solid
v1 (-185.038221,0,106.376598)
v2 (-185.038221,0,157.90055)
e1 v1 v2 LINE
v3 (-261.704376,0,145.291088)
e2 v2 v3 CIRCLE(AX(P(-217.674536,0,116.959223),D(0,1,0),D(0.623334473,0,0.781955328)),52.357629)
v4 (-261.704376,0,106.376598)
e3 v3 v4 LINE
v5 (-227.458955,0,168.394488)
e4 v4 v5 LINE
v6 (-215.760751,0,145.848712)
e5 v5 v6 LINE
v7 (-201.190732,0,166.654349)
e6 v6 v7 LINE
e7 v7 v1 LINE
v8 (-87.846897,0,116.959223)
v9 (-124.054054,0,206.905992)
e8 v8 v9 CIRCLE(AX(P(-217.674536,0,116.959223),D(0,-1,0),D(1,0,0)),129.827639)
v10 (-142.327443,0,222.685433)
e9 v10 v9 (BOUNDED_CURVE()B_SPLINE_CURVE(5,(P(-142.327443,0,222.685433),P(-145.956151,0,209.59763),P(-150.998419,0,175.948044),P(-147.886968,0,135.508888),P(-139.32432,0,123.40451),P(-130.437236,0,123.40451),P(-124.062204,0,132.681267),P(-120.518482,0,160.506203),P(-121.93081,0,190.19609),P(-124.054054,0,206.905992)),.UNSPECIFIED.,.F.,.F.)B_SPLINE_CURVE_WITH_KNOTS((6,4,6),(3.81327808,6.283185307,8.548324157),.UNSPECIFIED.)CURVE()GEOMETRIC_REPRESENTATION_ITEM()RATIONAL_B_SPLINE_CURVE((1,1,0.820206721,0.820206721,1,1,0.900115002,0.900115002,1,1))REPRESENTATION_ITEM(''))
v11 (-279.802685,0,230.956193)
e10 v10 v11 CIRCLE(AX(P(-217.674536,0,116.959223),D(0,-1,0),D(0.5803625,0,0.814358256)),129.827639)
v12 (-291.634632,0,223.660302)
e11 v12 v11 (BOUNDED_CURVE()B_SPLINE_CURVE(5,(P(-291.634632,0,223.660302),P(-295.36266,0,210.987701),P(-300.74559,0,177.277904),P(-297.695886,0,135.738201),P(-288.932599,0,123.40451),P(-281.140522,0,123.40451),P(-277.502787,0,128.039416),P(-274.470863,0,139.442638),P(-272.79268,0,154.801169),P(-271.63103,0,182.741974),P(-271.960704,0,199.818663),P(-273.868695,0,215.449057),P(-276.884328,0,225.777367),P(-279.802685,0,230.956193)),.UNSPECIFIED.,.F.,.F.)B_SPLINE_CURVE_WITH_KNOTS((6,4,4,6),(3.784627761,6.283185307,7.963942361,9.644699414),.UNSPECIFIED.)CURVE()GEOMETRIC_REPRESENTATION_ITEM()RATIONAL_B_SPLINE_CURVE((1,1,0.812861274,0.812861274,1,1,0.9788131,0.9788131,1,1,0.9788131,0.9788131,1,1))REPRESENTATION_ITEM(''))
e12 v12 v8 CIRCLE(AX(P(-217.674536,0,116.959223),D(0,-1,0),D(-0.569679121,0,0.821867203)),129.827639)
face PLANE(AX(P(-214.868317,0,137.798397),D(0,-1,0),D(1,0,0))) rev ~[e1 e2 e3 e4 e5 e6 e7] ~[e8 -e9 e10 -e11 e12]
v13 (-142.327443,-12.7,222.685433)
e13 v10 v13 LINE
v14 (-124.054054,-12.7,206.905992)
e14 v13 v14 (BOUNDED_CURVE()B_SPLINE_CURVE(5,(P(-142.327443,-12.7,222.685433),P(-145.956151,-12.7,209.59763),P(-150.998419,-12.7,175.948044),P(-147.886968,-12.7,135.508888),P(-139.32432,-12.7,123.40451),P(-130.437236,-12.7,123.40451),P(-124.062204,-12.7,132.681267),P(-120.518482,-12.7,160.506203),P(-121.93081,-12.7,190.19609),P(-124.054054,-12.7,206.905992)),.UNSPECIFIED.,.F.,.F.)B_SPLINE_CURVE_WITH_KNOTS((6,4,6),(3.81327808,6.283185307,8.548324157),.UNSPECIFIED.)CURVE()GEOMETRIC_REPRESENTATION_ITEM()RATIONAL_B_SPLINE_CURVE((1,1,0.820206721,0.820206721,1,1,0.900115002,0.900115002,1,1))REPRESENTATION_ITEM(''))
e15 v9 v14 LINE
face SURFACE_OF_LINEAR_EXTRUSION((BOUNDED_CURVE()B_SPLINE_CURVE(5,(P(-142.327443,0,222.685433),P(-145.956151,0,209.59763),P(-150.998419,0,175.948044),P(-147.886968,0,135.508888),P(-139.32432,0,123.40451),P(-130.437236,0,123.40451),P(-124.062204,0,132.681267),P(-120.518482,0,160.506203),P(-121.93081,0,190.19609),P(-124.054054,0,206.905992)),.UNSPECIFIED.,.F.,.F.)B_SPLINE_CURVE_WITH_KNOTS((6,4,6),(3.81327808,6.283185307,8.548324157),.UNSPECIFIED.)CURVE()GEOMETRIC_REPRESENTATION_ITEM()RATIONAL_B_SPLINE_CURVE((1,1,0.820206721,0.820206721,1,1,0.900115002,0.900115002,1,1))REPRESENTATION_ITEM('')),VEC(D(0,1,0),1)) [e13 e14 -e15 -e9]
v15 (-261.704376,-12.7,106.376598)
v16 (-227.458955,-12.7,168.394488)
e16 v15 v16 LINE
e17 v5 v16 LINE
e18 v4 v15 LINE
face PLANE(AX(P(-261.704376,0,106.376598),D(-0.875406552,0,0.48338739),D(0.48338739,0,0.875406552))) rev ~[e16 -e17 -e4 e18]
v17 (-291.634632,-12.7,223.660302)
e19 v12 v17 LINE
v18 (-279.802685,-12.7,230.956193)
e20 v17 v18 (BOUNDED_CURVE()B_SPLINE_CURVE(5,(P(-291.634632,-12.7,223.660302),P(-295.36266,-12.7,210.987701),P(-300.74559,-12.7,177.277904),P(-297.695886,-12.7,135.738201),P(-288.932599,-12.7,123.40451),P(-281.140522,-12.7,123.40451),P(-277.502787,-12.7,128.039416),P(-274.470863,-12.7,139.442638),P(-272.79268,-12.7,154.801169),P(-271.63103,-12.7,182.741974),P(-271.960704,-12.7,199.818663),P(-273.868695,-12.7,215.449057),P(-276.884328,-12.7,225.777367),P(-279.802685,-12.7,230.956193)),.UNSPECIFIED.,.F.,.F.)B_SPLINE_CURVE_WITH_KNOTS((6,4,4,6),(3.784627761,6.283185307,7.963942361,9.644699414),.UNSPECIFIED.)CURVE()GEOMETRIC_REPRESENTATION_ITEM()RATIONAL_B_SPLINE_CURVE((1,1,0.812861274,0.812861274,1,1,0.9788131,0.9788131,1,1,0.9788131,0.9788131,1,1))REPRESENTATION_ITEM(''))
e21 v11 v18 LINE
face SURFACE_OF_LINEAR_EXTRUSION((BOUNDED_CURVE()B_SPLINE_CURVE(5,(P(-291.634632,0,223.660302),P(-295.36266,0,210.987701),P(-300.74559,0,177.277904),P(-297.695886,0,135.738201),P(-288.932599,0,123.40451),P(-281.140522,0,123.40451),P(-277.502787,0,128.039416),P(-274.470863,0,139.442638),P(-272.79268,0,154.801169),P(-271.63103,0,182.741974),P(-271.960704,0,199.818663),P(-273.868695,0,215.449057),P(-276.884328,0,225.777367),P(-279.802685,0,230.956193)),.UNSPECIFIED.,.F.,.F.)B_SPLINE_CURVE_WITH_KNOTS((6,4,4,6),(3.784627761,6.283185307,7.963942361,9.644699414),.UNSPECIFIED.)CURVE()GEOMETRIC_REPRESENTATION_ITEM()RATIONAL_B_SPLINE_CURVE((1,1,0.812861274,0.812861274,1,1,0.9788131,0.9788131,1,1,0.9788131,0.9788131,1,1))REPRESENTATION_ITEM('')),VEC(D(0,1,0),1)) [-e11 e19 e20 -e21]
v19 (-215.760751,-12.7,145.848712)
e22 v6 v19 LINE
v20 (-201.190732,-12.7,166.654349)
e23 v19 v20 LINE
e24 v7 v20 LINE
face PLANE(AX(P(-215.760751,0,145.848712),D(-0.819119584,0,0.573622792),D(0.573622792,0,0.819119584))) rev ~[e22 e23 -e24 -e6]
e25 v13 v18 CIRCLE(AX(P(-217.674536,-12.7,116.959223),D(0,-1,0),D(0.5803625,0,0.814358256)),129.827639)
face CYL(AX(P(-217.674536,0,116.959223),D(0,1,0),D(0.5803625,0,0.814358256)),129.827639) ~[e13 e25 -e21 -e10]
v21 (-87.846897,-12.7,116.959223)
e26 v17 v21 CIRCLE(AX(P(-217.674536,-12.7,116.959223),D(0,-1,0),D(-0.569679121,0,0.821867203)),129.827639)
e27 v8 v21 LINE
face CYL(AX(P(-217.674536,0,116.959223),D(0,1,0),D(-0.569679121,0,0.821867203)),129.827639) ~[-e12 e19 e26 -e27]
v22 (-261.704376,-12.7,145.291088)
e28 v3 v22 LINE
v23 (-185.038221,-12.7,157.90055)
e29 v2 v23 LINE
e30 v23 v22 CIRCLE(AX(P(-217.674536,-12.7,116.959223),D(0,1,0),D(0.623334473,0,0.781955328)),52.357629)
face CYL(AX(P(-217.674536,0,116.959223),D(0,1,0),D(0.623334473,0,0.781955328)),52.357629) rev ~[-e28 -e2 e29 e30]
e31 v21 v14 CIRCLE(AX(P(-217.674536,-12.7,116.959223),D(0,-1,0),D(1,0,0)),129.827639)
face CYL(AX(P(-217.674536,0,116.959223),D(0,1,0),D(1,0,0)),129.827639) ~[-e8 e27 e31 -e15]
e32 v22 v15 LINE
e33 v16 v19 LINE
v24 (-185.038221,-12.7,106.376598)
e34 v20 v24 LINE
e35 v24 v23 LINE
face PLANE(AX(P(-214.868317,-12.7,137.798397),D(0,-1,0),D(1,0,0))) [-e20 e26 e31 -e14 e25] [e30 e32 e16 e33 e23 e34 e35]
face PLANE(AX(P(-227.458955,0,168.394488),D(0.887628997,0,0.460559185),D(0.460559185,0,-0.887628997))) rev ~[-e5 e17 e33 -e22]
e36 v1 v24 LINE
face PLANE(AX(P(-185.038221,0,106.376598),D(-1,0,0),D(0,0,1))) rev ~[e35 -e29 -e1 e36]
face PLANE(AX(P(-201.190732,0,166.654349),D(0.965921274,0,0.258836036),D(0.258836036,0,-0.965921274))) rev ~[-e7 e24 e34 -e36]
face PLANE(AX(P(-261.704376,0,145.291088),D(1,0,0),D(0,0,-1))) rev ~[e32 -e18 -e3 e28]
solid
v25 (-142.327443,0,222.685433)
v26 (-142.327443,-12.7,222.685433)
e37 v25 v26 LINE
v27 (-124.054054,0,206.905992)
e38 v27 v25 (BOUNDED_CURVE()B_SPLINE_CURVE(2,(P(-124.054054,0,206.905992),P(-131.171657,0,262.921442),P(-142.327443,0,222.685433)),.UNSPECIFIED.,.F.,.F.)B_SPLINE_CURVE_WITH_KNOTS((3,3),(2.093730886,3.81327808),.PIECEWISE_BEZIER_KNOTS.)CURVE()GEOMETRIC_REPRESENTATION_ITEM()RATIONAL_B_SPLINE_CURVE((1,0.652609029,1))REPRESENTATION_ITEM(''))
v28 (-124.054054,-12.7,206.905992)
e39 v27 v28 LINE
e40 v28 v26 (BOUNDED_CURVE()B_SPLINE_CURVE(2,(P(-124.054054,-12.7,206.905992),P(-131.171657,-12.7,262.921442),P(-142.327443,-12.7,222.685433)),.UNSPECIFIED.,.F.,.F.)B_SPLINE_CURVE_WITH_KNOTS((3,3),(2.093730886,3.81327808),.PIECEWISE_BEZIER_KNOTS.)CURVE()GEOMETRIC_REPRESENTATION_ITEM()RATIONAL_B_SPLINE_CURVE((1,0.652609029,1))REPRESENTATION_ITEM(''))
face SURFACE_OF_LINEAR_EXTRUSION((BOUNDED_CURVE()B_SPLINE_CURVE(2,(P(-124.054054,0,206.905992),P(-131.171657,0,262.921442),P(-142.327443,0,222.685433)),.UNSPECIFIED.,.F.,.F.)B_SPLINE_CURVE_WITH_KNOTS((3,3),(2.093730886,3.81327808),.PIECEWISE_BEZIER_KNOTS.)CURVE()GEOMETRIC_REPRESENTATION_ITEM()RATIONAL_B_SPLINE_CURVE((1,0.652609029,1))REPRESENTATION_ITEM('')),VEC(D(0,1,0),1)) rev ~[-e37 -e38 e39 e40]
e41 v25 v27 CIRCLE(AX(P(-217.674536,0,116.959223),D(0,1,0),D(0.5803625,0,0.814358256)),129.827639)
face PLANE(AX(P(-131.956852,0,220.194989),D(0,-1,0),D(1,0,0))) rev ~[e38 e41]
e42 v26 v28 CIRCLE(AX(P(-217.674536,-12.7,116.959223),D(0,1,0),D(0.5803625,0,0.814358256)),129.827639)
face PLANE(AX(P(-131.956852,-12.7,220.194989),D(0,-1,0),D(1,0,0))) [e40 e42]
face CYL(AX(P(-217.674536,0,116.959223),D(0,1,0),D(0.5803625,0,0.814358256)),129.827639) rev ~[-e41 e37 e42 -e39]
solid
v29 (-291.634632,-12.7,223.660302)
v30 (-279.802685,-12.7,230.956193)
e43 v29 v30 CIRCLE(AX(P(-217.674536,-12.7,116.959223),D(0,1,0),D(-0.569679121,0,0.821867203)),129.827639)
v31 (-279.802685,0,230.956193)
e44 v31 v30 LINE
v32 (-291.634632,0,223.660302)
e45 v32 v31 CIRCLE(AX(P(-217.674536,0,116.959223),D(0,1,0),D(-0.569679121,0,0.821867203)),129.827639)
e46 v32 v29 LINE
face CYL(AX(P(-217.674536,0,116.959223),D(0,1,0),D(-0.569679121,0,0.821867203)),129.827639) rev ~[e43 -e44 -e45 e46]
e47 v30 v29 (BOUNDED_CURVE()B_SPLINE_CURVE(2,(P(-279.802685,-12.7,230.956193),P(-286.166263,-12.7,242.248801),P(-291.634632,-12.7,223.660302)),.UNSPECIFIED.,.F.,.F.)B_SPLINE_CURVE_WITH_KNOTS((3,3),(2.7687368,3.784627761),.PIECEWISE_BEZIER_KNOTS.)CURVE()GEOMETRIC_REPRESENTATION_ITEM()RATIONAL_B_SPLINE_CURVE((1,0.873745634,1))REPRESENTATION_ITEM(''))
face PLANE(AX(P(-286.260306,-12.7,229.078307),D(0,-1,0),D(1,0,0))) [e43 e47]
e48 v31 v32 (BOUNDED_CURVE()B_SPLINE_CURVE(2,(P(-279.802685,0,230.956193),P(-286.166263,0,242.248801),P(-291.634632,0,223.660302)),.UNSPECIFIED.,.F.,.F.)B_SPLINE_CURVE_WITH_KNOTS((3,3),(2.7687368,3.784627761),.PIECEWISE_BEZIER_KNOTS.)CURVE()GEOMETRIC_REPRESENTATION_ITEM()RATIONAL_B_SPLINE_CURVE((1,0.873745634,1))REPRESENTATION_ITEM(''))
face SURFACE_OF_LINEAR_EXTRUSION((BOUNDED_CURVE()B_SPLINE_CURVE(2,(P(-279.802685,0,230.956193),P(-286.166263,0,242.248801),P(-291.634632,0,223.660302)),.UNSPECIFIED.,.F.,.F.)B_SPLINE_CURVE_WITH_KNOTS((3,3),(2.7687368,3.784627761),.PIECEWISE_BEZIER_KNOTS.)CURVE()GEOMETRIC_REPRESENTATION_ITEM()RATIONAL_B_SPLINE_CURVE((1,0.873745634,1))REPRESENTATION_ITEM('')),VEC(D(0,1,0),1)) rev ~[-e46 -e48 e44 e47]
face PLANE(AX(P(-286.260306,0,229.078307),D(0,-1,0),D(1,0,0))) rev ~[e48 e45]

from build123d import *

# Parameters (mm, degrees)
F1_DEPTH = 12.7


with BuildPart() as f1:
    # F0 (on Front) → F1 (new body)
    with BuildSketch(Plane.XZ):
        with BuildLine():
            ThreePointArc((-142.3274428777, 222.6854333904), (-132.8231477493, 215.2214126087), (-124.0540535852, 206.9059920145))
            add(Edge.make_bspline(
                [(-124.0540535852, 206.9059920145), (-131.1716571608, 262.9214417948), (-142.3274428777, 222.6854333904)],
                knots=[2.0937308858, 2.0937308858, 2.0937308858, 3.8132780796, 3.8132780796, 3.8132780796], degree=2, weights=[1, 0.6526090294, 1]))
        make_face()
    extrude(amount=F1_DEPTH)


with BuildPart() as f1b:
    # F0 (on Front) → F1, piece 2 (new body)
    with BuildSketch(Plane.XZ):
        with BuildLine():
            add(Edge.make_bspline(
                [(-279.8026851061, 230.956193016), (-286.1662633816, 242.2488007047), (-291.6346317972, 223.6603022563)],
                knots=[2.7687367995, 2.7687367995, 2.7687367995, 3.7846277613, 3.7846277613, 3.7846277613], degree=2, weights=[1, 0.8737456345, 1]))
            ThreePointArc((-291.6346317972, 223.6603022563), (-285.8163741449, 227.4667158631), (-279.8026851061, 230.956193016))
        make_face()
    extrude(amount=F1_DEPTH)


with BuildPart() as f1c:
    # F0 (on Front) → F1, piece 3 (new body)
    with BuildSketch(Plane.XZ):
        with BuildLine():
            ThreePointArc((-291.6346317972, 223.6603022563), (-277.8955929936, 1.9433971257), (-87.8468968183, 116.9592233847))
            ThreePointArc((-87.8468968183, 116.9592233847), (-97.2383659621, 165.4395786538), (-124.0540535852, 206.9059920145))
            add(Edge.make_bspline(
                [(-134.688615799, 123.4045103192), (-113.4439371438, 123.4045103192), (-124.0540535852, 206.9059920145)],
                knots=[0, 0, 0, 2.0937308858, 2.0937308858, 2.0937308858], degree=2, weights=[1, 0.5002875867, 1]))
            add(Edge.make_bspline(
                [(-142.3274428777, 222.6854333904), (-169.8539483012, 123.4045103192), (-134.688615799, 123.4045103192)],
                knots=[3.8132780796, 3.8132780796, 3.8132780796, 6.2831853072, 6.2831853072, 6.2831853072], degree=2, weights=[1, 0.3295649199, 1]))
            ThreePointArc((-142.3274428777, 222.6854333904), (-209.8779671523, 246.5525468003), (-279.8026851061, 230.956193016))
            add(Edge.make_bspline(
                [(-284.2741906643, 123.4045103192), (-274.0980093267, 123.4045103192), (-272.2118550643, 168.7715711681), (-270.3257008019, 214.138632017), (-279.8026851061, 230.956193016)],
                knots=[0, 0, 0, 1.3843683997, 1.3843683997, 2.7687367995, 2.7687367995, 2.7687367995], degree=2, weights=[1, 0.769853852, 1, 0.769853852, 1]))
            add(Edge.make_bspline(
                [(-291.6346317972, 223.6603022563), (-321.1279019301, 123.4045103192), (-284.2741906643, 123.4045103192)],
                knots=[3.7846277613, 3.7846277613, 3.7846277613, 6.2831853072, 6.2831853072, 6.2831853072], degree=2, weights=[1, 0.3160067137, 1]))
        make_face()
        with BuildLine():
            ThreePointArc((-185.0382212393, 157.9005503057), (-209.177316884, 65.2957104263), (-261.7043758333, 145.2910877038))
            Line((-261.7043758333, 145.2910877038), (-261.7043758333, 106.3765979417))
            Line((-261.7043758333, 106.3765979417), (-227.4589546121, 168.3944881935))
            Line((-227.4589546121, 168.3944881935), (-215.7607513139, 145.8487116579))
            Line((-215.7607513139, 145.8487116579), (-201.1907323994, 166.654349087))
            Line((-201.1907323994, 166.654349087), (-185.0382212393, 106.3765979417))
            Line((-185.0382212393, 106.3765979417), (-185.0382212393, 157.9005503057))
        make_face(mode=Mode.SUBTRACT)
    extrude(amount=F1_DEPTH)


solid = Compound([f1.part, f1b.part, f1c.part])
